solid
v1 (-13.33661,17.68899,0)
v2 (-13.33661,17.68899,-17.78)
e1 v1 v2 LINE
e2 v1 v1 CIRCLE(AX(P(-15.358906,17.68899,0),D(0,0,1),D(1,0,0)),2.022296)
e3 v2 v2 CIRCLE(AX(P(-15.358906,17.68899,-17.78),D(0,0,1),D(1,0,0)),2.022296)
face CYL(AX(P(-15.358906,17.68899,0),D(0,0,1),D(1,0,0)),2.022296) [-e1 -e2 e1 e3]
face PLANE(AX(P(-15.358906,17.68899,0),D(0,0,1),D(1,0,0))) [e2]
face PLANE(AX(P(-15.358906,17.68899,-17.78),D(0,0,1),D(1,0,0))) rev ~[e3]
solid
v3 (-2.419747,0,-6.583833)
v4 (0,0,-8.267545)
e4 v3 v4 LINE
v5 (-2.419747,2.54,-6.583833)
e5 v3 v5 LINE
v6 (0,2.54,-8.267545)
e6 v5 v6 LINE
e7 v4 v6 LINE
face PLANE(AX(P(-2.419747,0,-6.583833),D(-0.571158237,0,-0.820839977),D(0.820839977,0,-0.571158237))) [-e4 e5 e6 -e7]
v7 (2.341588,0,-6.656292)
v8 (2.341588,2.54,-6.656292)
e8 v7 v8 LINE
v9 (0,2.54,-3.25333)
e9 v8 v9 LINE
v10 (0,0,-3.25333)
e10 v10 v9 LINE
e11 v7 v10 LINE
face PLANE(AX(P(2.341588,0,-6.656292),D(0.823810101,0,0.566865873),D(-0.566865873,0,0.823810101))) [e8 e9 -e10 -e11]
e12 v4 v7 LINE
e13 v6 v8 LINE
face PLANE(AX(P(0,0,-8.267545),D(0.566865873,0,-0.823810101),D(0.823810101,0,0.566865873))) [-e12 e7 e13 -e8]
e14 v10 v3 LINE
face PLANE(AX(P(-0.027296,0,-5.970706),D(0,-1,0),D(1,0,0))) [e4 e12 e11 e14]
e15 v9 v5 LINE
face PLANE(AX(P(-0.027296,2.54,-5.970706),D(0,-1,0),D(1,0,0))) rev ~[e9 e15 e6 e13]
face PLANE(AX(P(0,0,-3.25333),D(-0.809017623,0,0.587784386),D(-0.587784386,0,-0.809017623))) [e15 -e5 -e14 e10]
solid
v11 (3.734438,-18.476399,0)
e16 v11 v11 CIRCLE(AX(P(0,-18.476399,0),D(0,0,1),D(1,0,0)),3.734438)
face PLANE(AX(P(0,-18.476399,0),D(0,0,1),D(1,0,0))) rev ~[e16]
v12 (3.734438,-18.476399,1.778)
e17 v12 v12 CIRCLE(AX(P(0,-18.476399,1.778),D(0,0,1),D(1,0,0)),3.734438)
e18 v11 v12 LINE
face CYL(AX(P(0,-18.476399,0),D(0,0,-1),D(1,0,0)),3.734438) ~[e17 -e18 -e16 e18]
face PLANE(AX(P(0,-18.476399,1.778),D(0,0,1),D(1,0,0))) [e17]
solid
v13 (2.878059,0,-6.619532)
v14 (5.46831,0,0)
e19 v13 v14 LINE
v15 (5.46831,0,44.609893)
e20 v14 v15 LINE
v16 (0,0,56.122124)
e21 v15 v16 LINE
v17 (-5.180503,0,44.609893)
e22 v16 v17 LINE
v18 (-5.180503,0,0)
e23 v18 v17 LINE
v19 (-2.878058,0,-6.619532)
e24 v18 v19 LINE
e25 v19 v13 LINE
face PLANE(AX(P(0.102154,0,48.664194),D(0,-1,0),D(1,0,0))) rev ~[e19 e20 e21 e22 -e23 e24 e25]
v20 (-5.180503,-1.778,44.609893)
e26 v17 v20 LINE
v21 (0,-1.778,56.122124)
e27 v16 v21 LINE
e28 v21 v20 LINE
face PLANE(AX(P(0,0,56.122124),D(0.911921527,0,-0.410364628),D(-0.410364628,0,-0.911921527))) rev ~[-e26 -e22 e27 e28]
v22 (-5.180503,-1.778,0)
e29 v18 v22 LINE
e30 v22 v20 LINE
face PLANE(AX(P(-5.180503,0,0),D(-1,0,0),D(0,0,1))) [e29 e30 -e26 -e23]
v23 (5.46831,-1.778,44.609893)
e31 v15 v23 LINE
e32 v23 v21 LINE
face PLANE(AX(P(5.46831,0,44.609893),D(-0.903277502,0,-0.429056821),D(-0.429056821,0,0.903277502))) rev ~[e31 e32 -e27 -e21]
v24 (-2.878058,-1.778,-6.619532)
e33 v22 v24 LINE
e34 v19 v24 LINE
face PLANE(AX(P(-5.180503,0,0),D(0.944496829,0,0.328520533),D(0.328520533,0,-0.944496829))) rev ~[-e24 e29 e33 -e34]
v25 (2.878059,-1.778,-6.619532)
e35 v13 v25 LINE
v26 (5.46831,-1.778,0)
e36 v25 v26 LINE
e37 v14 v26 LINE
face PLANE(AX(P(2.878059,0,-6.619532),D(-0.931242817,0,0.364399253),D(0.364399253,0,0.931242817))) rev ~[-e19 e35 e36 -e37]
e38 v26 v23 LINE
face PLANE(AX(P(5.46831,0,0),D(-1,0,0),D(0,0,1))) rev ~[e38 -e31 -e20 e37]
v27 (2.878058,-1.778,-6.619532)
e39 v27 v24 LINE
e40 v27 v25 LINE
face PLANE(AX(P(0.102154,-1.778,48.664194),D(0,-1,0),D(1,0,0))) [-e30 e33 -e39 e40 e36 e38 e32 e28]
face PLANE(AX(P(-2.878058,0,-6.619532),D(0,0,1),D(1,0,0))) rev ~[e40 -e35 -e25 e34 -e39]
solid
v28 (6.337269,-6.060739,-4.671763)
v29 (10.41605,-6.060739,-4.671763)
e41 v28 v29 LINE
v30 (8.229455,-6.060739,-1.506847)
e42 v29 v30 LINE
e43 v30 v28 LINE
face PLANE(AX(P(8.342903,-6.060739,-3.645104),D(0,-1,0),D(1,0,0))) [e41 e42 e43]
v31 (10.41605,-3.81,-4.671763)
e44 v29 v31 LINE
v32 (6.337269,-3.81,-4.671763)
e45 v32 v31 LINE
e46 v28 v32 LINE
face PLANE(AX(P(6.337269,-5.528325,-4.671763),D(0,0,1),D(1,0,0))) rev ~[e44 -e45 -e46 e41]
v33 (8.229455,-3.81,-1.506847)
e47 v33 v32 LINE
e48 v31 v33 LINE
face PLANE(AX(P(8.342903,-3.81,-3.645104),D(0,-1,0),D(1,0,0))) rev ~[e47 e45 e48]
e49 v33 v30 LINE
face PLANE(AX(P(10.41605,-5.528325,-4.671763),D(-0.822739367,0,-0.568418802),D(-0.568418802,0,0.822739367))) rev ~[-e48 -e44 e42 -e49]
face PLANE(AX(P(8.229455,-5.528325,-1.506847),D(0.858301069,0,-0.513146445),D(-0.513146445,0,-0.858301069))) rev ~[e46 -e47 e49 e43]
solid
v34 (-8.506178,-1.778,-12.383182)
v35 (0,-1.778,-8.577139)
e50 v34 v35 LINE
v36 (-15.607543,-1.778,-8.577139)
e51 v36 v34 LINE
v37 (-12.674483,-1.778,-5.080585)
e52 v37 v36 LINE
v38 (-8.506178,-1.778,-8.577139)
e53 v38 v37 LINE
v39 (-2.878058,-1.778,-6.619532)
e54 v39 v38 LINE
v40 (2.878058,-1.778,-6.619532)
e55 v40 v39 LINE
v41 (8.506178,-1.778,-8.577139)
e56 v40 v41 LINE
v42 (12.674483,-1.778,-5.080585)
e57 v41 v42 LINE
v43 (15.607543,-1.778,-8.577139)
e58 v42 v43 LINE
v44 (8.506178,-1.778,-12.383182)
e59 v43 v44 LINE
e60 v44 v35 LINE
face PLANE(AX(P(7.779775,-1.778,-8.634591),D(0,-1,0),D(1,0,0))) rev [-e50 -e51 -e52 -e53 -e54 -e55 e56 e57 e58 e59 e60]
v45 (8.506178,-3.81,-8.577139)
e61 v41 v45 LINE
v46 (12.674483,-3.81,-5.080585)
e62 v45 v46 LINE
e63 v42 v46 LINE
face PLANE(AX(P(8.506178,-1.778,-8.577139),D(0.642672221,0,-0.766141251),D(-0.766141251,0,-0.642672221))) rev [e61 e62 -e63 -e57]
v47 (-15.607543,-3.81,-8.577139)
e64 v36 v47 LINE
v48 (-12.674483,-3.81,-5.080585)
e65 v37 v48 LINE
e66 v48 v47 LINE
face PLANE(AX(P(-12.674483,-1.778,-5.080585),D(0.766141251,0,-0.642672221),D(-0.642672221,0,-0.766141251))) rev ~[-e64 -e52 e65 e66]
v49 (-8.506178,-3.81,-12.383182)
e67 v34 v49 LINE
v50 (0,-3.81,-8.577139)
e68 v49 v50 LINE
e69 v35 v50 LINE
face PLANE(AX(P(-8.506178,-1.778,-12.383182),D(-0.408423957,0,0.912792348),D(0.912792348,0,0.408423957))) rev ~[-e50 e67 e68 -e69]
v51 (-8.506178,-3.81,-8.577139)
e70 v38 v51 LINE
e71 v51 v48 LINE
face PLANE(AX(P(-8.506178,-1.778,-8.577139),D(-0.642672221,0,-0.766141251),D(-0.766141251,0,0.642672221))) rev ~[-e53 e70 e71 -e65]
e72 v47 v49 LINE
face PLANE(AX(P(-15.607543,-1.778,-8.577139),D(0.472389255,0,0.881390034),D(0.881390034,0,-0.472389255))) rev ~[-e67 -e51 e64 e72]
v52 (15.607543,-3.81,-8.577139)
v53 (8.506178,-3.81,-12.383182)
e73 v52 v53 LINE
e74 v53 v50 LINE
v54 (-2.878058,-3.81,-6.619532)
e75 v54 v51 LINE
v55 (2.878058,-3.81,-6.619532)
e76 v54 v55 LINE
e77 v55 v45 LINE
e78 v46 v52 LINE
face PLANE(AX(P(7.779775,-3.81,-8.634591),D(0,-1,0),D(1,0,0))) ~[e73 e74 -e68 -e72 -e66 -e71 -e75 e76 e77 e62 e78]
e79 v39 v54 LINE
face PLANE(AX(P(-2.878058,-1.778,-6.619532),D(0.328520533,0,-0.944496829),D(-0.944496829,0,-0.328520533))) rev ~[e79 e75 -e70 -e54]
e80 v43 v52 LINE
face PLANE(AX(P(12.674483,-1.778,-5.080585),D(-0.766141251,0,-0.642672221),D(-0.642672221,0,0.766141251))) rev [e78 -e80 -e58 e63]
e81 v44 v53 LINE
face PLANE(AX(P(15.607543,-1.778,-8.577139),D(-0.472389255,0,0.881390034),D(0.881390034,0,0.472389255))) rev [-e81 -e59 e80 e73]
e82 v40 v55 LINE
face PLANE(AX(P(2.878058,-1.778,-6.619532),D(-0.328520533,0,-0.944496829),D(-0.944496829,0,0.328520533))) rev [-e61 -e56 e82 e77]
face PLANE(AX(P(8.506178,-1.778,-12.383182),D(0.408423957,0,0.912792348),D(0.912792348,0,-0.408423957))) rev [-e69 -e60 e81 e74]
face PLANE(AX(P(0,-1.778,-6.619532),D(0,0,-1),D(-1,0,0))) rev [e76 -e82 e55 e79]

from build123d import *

# Parameters (mm, degrees)
F0_W      = 10.6488130987
F0_H      = 44.6098931134
F1_DEPTH  = 1.778
F3_DEPTH  = 2.032
F5_R      = 2.0222961145
F6_DEPTH  = 17.78
F8_DEPTH  = 2.54
F9_DEPTH  = 2.54
F11_R     = 3.7344382379
F12_DEPTH = 1.778
F14_DEPTH = 1.718325424
F15_DEPTH = 0.532413309


with BuildPart() as f1:
    # F0 (on Front) → F1 (new body)
    with BuildSketch(Plane.XZ):
        Polygon((5.468309857, 44.6098931134), (0, 56.1221241951), (-5.1805032417, 44.6098931134), align=None)
        with Locations((0.1439033076, 22.3049465567)):
            Rectangle(F0_W, F0_H)
        Polygon((5.468309857, 0), (-5.1805032417, 0), (-2.8780580033, -6.6195321269), (2.8780589346, -6.6195321269), align=None)
    extrude(amount=F1_DEPTH)



with BuildPart() as f3:
    # F2 (on face) → F3 (new body)
    with BuildSketch(Plane.XZ.offset(1.778)):
        Polygon((0, -6.6195321269), (-2.8780580033, -6.6195321269), (-8.5061782339, -8.5771385526), (-12.6744834706, -5.0805849023), (-15.607543008, -8.5771385526), (-8.5061782339, -12.3831816018), (0, -8.5771385526), align=None)
    extrude(amount=F3_DEPTH)


with BuildPart() as f1_1:
    add(f1.part)

    add(f3.part)  # F4 merges F3
    # F4: F3 across plane
    add(f3.part.mirror(Plane.YZ))


with BuildPart() as f6:
    # F5 (on Top) → F6 (new body)
    with BuildSketch(Plane.XY):
        with Locations((-15.3589062393, 17.6889896393)):
            Circle(F5_R)
    extrude(amount=-F6_DEPTH)


with BuildPart() as f8:
    # F7 (on Front) → F8 (new body)
    with BuildSketch(Plane.XZ):
        Polygon((0, -3.2533295453), (-2.4197467137, -6.58383267), (0, -8.2675448509), (2.3415875621, -6.6562923603), align=None)
    extrude(amount=F8_DEPTH)


with BuildPart() as f9:
    # F9 (new): a face of the model
    f9_faces = [f8.part.faces().sort_by_distance(p)[0] for p in [
        (-0.0260530505, 0, -6.0467807281),
    ]]
    extrude(f9_faces, amount=F9_DEPTH)


with BuildPart() as f12:
    # F11 (on Top) → F12 (new body)
    with BuildSketch(Plane.XY):
        with Locations((0, -18.4763986617)):
            Circle(F11_R)
    extrude(amount=F12_DEPTH)


with BuildPart() as f14:
    # F13 (on face) → F14 (new body)
    with BuildSketch(Plane.XZ.offset(3.81)):
        Polygon((10.4160495102, -4.6717626974), (8.2294549793, -1.5068473294), (6.3372692093, -4.6717626974), align=None)
    extrude(amount=F14_DEPTH)

    # F15 (add): a face of the model
    f15_faces = [f14.faces().sort_by_distance(p)[0] for p in [
        (8.327591233, -5.528325424, -3.6167909081),
    ]]
    extrude(f15_faces, amount=F15_DEPTH)


solid = Compound([f1_1.part, f6.part, f9.part, f12.part, f14.part])
